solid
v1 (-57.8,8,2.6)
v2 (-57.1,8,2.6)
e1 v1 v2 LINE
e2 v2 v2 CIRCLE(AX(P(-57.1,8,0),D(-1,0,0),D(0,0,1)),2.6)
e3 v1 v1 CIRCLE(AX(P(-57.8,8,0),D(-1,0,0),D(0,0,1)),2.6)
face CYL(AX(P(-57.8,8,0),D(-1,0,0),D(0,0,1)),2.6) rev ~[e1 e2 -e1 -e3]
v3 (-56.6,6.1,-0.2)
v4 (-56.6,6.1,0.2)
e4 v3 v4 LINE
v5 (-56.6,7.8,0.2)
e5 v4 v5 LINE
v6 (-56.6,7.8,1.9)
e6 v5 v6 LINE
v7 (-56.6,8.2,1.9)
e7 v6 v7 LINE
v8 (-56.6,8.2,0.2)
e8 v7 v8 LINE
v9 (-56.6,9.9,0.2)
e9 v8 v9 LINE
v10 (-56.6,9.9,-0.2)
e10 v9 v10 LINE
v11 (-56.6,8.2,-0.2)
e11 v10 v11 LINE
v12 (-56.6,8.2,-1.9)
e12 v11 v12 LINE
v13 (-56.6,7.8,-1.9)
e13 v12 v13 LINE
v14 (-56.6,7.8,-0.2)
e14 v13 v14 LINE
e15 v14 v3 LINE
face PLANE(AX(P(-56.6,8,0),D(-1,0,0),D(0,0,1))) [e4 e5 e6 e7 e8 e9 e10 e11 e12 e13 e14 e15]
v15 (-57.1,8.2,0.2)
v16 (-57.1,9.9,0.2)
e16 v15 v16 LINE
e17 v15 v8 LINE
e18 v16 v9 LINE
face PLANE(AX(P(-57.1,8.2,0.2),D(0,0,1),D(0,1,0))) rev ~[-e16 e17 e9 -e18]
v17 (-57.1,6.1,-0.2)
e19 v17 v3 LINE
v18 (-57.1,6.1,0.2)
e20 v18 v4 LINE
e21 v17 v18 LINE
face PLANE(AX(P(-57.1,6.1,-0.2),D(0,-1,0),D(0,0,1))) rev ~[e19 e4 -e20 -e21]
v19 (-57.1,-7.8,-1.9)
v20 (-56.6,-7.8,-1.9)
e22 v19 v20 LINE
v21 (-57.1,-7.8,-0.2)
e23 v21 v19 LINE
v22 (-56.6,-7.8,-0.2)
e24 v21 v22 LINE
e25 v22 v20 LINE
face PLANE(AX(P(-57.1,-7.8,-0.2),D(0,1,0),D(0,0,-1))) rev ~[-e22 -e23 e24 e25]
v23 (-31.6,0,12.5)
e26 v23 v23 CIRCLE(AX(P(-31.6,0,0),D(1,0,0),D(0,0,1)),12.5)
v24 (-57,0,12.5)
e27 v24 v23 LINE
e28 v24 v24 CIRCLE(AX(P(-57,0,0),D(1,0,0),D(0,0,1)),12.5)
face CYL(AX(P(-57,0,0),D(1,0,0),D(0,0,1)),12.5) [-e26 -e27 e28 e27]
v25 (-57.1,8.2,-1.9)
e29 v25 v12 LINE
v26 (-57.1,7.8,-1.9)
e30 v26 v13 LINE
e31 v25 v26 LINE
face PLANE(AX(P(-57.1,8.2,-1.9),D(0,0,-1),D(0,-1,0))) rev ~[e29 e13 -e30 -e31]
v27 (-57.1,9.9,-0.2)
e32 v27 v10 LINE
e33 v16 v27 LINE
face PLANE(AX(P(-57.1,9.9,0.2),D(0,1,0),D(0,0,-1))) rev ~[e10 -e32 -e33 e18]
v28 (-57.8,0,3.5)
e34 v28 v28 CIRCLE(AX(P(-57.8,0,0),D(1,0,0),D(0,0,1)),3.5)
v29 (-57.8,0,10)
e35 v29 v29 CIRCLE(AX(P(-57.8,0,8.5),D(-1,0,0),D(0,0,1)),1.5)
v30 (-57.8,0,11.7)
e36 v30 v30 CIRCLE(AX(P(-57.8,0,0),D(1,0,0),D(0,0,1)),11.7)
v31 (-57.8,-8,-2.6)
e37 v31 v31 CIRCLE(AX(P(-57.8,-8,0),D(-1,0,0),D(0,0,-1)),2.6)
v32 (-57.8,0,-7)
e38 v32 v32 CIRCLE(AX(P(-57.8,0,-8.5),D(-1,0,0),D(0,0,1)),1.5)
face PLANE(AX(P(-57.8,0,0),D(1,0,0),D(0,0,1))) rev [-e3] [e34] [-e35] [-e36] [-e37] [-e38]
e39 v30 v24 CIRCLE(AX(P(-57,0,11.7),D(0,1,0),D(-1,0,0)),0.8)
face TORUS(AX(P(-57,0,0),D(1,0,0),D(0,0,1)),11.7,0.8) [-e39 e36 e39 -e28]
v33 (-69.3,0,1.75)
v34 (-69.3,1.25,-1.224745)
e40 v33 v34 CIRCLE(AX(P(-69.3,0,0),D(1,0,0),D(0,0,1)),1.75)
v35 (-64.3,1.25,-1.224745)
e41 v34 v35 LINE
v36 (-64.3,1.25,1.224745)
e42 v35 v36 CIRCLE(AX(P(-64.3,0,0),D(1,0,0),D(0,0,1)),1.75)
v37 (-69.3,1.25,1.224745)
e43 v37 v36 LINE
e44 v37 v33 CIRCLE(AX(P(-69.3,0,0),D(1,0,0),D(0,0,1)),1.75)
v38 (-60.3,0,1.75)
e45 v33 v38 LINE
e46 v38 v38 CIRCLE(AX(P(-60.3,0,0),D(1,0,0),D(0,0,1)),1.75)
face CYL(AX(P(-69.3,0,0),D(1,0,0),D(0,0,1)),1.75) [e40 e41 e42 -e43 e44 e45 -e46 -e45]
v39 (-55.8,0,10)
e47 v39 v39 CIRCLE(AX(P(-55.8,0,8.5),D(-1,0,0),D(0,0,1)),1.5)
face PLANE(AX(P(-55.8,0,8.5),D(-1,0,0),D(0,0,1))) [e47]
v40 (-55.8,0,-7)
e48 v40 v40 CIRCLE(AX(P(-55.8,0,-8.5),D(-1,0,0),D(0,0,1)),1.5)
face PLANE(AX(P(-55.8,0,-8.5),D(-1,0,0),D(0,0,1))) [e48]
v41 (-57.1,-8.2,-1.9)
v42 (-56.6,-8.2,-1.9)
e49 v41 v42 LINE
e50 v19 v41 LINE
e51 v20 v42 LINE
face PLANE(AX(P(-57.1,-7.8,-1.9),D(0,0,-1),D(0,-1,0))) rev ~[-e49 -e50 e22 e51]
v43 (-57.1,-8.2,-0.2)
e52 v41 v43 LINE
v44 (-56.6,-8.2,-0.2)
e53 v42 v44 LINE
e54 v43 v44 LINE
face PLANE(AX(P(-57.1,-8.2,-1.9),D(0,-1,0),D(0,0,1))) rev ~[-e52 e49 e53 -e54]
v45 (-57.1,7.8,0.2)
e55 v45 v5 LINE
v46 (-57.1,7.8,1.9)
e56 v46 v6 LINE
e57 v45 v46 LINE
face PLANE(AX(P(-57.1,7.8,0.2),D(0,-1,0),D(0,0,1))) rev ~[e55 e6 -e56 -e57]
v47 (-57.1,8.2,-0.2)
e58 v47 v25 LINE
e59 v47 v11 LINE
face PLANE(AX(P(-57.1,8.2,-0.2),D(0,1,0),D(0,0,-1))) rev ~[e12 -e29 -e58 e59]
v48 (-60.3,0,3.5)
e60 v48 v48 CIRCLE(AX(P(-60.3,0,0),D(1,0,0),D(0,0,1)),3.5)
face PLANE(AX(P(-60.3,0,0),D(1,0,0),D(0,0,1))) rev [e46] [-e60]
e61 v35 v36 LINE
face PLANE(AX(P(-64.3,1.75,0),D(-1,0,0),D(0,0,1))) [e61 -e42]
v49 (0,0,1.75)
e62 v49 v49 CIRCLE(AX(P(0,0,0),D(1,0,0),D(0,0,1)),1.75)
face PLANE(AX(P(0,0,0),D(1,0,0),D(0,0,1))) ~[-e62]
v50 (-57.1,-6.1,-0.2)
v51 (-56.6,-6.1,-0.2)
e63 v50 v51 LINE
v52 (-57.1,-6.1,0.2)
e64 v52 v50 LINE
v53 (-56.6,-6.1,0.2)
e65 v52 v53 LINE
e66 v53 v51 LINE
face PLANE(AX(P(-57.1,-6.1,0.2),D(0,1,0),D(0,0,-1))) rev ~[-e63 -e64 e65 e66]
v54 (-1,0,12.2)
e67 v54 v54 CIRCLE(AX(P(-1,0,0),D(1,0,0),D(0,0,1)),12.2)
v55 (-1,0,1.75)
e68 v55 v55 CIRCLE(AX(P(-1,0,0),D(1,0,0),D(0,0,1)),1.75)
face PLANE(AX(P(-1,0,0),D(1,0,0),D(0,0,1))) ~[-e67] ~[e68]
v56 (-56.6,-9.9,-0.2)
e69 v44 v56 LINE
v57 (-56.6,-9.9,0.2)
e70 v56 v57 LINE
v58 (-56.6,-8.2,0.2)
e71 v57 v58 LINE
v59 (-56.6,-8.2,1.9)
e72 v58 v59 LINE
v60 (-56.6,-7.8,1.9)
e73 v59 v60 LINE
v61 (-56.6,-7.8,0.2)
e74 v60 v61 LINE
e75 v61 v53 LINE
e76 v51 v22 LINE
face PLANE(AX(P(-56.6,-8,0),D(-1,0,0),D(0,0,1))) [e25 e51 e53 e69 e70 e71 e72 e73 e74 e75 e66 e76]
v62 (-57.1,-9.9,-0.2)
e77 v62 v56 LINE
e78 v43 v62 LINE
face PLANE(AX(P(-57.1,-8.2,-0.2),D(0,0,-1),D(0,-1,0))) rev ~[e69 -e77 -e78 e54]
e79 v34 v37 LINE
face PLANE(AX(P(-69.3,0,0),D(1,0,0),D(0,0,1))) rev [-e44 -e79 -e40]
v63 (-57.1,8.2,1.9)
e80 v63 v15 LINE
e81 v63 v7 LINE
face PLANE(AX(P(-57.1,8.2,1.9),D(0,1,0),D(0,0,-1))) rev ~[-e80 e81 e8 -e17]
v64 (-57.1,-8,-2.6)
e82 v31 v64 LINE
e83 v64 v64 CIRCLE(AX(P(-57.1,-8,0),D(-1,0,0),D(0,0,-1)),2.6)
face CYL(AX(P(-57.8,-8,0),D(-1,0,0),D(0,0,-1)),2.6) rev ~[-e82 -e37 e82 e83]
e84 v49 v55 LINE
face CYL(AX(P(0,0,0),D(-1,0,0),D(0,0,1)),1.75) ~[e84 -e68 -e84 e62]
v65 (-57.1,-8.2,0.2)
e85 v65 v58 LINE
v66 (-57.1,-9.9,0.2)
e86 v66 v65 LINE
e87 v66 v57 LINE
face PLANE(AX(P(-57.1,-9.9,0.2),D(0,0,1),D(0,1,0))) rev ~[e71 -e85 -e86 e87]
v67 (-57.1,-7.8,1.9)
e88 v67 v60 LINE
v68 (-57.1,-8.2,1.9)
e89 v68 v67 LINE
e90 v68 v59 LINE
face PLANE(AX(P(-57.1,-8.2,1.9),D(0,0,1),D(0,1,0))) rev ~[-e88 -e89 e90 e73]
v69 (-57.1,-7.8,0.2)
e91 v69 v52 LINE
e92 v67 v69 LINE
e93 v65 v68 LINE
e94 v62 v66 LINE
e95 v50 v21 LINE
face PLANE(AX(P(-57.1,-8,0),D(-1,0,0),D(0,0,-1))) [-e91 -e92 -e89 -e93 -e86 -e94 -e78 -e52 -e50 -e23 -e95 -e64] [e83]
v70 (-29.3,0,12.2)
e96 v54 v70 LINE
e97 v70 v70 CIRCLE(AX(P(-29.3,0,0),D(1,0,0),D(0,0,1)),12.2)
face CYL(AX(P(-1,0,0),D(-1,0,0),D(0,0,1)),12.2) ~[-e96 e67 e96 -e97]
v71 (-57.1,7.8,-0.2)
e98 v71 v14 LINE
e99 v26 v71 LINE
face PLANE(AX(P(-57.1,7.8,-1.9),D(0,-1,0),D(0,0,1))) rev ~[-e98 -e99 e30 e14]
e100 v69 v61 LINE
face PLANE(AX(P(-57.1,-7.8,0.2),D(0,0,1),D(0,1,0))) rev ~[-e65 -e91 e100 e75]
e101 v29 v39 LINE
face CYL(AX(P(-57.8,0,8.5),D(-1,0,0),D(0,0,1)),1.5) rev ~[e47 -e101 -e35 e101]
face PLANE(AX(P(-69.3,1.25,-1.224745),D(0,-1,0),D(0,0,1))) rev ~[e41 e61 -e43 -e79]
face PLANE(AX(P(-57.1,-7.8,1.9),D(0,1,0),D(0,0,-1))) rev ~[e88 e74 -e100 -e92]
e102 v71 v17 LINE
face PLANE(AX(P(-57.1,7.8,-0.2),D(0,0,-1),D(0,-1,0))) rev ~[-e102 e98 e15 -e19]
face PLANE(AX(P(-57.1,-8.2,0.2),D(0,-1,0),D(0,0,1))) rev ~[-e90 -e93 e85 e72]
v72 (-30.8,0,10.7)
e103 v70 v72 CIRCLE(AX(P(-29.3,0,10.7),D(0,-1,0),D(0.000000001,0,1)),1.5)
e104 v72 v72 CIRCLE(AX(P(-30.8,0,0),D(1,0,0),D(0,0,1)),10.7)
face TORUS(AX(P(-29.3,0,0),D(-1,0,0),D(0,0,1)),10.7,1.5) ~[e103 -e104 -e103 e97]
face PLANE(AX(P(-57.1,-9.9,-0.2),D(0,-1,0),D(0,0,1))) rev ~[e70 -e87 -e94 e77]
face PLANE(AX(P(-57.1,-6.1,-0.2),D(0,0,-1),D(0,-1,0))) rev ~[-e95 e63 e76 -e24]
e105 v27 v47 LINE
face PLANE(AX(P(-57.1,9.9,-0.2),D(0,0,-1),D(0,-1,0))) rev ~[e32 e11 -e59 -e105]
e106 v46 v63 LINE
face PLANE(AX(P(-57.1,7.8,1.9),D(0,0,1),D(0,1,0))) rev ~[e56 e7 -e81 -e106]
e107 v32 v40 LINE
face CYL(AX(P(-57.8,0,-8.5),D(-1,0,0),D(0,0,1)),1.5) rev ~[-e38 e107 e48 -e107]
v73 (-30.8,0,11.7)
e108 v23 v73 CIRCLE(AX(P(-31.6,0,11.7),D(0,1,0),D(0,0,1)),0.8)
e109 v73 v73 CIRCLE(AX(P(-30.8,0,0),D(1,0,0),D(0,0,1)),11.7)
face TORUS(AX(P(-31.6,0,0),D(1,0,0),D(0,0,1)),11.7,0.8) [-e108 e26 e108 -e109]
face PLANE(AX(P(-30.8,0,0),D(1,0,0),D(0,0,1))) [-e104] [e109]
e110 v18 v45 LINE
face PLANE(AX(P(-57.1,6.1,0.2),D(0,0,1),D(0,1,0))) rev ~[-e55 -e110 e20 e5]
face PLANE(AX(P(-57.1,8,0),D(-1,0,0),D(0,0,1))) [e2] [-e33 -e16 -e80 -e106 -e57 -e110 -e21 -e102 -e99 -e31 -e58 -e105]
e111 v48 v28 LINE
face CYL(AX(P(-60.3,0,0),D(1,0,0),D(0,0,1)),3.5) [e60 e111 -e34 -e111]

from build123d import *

# Parameters (mm, degrees)
CROQUIS3_W            = 2.449489742
CROQUIS3_H            = 1
CORTAR_EXTRUIR1_DEPTH = 5
CROQUIS4_R            = 1.5
CORTAR_EXTRUIR2_DEPTH = 2
CROQUIS6_R            = 2.6
CORTAR_EXTRUIR3_DEPTH = 0.7
CORTAR_EXTRUIR4_DEPTH = 0.5


with BuildPart() as part:
    # Croquis1 → Revolución1 (revolve)
    with BuildSketch(Plane.XY, mode=Mode.PRIVATE) as revoluci_n1_sk:
        with BuildLine():
            Line((0, 0), (0, 1.75))
            Line((0, 1.75), (-1, 1.75))
            Line((-1, 1.75), (-1, 12.2))
            Line((-1, 12.2), (-29.3, 12.2))
            ThreePointArc((-29.3, 12.2), (-30.360660172, 11.760660172), (-30.8, 10.7))
            Line((-30.8, 10.7), (-30.8, 0))
            Line((-30.8, 0), (0, 0))
        make_face()
    revolve(revoluci_n1_sk.sketch.rotate(Axis((-226.683028939, 0, 0), (1, 0, 0)), 90), axis=Axis((-226.683028939, 0, 0), (1, 0, 0)))

    # Croquis2 → Revolución2 (revolve)
    with BuildSketch(Plane.XY, mode=Mode.PRIVATE) as revoluci_n2_sk:
        with BuildLine():
            Line((-57, 12.5), (-31.6, 12.5))
            ThreePointArc((-31.6, 12.5), (-31.034314575, 12.265685425), (-30.8, 11.7))
            Line((-30.8, 11.7), (-30.8, 0))
            Line((-30.8, 0), (-69.3, 0))
            Line((-69.3, 0), (-69.3, 1.75))
            Line((-69.3, 1.75), (-60.3, 1.75))
            Line((-60.3, 1.75), (-60.3, 3.5))
            Line((-60.3, 3.5), (-57.8, 3.5))
            Line((-57.8, 3.5), (-57.8, 11.7))
            ThreePointArc((-57.8, 11.7), (-57.565685425, 12.265685425), (-57, 12.5))
        make_face()
    revolve(revoluci_n2_sk.sketch.rotate(Axis((-1000, 0, 0), (1, 0, 0)), 90), axis=Axis((-1000, 0, 0), (1, 0, 0)))

    # Croquis3 → Cortar-Extruir1 (cut)
    with BuildSketch(Plane.ZY.offset(69.3)):
        with Locations((0, 1.75)):
            Rectangle(CROQUIS3_W, CROQUIS3_H)
    extrude(amount=-CORTAR_EXTRUIR1_DEPTH, mode=Mode.SUBTRACT)

    # Croquis4 → Cortar-Extruir2 (cut)
    with BuildSketch(Plane.ZY.offset(57.8)):
        with Locations((-8.5, 0)):
            Circle(CROQUIS4_R)
        with Locations((8.5, 0)):
            Circle(CROQUIS4_R)
    extrude(amount=-CORTAR_EXTRUIR2_DEPTH, mode=Mode.SUBTRACT)

    # Croquis6 → Cortar-Extruir3 (cut)
    with BuildSketch(Plane.ZY.offset(57.8)):
        with Locations((0, 8)):
            Circle(CROQUIS6_R)
        with Locations(Location((0, -8, 0), (0, 0, 180))):
            Circle(CROQUIS6_R)
    extrude(amount=-CORTAR_EXTRUIR3_DEPTH, mode=Mode.SUBTRACT)

    # Croquis7 → Cortar-Extruir4 (cut)
    with BuildSketch(Plane.ZY.offset(57.1)):
        Polygon((0.2, 9.9), (-0.2, 9.9), (-0.2, 8.2), (-1.9, 8.2), (-1.9, 7.8), (-0.2, 7.8), (-0.2, 6.1), (0.2, 6.1), (0.2, 7.8), (1.9, 7.8), (1.9, 8.2), (0.2, 8.2), align=None)
        Polygon((-0.2, -7.8), (-1.9, -7.8), (-1.9, -8.2), (-0.2, -8.2), (-0.2, -9.9), (0.2, -9.9), (0.2, -8.2), (1.9, -8.2), (1.9, -7.8), (0.2, -7.8), (0.2, -6.1), (-0.2, -6.1), align=None)
    extrude(amount=-CORTAR_EXTRUIR4_DEPTH, mode=Mode.SUBTRACT)


solid = part.part
